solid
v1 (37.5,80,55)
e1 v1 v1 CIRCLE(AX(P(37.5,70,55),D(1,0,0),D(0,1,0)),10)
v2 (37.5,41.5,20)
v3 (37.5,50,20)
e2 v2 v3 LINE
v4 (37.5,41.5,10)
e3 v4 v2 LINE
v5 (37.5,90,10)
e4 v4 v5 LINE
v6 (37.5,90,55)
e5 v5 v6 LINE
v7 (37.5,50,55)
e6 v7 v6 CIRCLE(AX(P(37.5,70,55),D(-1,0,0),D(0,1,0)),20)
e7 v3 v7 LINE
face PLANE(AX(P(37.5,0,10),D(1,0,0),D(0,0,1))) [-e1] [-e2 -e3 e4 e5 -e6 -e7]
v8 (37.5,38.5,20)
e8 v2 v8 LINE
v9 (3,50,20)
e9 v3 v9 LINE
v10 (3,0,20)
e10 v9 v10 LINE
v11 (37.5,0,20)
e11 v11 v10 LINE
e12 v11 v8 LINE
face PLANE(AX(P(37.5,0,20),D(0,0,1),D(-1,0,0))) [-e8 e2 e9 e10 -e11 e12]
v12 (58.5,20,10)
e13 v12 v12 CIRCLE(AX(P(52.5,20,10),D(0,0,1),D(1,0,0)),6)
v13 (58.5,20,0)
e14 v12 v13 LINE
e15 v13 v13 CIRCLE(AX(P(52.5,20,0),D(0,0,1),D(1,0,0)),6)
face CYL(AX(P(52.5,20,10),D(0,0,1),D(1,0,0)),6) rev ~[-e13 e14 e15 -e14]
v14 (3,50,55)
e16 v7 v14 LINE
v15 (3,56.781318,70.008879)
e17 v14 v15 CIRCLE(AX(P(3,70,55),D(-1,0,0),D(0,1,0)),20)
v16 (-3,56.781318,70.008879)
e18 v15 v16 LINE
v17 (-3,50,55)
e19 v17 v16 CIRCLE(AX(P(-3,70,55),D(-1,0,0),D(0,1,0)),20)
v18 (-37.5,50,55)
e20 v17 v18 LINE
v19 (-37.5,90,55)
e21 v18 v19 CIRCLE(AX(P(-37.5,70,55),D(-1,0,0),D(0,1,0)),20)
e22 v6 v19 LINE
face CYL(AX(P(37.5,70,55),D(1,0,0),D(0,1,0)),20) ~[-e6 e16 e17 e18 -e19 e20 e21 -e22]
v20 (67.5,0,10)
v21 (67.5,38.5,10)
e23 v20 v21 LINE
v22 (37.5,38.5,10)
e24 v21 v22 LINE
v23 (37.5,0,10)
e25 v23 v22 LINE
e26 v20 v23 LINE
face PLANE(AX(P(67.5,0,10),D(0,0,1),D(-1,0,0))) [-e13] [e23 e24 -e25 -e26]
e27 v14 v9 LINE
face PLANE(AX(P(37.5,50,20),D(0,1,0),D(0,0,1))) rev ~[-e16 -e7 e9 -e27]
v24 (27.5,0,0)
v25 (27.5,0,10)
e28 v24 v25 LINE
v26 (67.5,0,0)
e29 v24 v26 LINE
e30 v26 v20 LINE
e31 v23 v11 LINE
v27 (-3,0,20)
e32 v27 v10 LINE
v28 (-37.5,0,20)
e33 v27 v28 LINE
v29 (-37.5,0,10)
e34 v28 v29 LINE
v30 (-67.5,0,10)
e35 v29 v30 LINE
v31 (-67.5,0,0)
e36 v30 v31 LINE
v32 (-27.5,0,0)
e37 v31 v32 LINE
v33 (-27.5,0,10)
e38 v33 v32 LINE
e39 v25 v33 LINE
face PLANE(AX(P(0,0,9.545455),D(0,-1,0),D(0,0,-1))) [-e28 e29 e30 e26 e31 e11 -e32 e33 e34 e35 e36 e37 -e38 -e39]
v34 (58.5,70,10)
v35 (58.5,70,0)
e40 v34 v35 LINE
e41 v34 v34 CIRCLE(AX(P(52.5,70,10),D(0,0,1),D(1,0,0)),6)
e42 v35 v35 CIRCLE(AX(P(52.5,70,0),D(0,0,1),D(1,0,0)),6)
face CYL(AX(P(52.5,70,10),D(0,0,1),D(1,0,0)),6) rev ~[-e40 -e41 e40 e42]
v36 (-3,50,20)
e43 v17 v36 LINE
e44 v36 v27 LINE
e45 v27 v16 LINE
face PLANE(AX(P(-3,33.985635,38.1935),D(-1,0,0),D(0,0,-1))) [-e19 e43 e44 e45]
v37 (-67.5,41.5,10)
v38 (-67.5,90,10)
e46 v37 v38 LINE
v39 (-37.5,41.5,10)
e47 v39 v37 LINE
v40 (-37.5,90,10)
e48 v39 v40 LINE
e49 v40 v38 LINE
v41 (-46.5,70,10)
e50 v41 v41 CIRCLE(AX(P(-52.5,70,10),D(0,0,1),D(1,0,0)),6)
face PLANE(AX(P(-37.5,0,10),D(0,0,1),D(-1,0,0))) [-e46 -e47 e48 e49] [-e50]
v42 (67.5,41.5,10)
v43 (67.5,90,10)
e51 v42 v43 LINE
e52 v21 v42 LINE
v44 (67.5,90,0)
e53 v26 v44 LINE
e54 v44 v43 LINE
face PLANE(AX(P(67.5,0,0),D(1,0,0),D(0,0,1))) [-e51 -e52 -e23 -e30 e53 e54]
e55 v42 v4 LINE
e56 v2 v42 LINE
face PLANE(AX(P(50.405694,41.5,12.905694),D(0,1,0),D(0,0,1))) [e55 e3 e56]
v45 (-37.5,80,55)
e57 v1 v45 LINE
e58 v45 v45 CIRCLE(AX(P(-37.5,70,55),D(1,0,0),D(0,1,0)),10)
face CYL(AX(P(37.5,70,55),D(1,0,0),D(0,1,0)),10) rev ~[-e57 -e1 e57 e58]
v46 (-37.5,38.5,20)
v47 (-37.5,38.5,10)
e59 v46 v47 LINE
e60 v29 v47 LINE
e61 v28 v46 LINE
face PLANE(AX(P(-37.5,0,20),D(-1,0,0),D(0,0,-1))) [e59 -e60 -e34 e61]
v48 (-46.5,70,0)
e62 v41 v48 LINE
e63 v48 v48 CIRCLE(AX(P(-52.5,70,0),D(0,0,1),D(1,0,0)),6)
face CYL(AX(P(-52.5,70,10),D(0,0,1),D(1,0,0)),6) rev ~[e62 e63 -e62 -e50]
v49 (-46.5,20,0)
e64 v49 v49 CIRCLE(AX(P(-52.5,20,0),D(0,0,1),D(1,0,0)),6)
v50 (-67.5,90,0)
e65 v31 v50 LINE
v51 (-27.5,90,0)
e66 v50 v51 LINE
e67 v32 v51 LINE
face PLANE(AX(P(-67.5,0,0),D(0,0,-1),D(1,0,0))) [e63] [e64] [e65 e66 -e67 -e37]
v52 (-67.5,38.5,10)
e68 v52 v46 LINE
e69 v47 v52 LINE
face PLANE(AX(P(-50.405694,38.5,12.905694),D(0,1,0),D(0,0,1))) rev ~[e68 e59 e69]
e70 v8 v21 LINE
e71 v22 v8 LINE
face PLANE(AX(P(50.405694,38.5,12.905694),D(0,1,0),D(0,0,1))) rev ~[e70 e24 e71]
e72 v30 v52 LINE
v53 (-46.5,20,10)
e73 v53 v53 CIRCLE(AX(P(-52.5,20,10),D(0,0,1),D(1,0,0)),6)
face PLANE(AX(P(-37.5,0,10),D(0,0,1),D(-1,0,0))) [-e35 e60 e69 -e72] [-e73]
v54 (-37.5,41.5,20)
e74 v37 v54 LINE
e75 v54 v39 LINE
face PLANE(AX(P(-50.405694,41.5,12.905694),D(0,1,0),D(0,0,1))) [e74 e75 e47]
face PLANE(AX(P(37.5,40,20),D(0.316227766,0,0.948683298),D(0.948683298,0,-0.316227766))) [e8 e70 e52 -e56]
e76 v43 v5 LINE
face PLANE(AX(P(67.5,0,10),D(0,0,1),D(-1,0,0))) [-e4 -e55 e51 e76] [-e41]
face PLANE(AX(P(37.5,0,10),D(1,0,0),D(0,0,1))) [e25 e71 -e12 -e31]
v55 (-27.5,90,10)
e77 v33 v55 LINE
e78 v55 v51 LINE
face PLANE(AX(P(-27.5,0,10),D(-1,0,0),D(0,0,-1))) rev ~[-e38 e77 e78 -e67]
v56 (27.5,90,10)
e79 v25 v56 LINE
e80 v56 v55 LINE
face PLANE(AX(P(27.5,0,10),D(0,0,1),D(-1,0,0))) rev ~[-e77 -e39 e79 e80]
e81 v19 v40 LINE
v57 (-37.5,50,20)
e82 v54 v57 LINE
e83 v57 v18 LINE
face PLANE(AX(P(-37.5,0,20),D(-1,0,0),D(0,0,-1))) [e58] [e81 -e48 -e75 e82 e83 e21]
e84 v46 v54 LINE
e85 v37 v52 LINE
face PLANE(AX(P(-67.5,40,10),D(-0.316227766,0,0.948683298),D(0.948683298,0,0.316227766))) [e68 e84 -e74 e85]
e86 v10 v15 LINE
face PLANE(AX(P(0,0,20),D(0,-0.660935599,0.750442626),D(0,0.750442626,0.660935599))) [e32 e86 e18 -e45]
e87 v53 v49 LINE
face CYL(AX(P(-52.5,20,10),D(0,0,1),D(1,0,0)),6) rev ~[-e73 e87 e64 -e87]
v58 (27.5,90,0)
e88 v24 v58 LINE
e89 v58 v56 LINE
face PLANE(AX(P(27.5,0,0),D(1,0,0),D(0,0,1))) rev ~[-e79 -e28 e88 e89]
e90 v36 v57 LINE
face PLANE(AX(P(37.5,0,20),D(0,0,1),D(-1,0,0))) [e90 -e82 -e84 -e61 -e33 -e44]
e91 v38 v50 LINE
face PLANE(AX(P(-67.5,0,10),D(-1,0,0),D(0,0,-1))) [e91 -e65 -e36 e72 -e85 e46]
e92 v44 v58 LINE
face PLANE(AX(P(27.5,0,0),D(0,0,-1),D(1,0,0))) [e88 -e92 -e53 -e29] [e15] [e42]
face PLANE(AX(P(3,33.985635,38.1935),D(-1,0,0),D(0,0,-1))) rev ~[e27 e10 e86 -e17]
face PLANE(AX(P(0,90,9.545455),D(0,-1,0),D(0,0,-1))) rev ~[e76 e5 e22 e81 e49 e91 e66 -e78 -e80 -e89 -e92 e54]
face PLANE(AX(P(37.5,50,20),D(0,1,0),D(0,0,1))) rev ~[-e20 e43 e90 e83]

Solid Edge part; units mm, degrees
sketch "Sketch1" plane through (0, 0, 0) normal (0, -1, 0) x (1, 0, 0)
  line L0 (37.5, 20) -> (-37.5, 20)
  line L1 (-37.5, 20) -> (-37.5, 10)
  line L2 (-37.5, 10) -> (-67.5, 10)
  line L3 (-67.5, 10) -> (-67.5, 0)
  line L4 (-67.5, 0) -> (-27.5, 0)
  line L5 (-27.5, 10) -> (-27.5, 0)
  line L6 (27.5, 10) -> (-27.5, 10)
  line L7 (27.5, 0) -> (27.5, 10)
  line L8 (27.5, 0) -> (37.5, 0)
  line L9 (37.5, 0) -> (67.5, 0)
  line L10 (67.5, 0) -> (67.5, 10)
  line L11 (67.5, 10) -> (37.5, 10)
  line L12 (37.5, 10) -> (37.5, 20)
extrude "Protrusion1" add sketch "Sketch1" against normal blind 90
sketch "Sketch2" plane through (-52.5, 45, 10) normal (0, 0, 1) x (1, 0, 0)
  circle A0 centre (0, 25) radius 6
  circle A1 centre (0, -25) radius 6
  circle A2 centre (105, -25) radius 6
  circle A3 centre (105, 25) radius 6
extrude "ExtrudedCutout_1" cut sketch "Sketch2" against normal blind 48.8931
sketch "Sketch3" plane through (0, 40, 10) normal (0, -1, 0) x (1, 0, 0)
  line L0 (-67.5, 0) -> (-37.5, 10)
  line L1 (-37.5, 10) -> (-37.5, 0)
  line L2 (-37.5, 0) -> (-67.5, 0)
  line L3 (37.5, 10) -> (67.5, 0)
  line L4 (67.5, 0) -> (37.5, 0)
  line L5 (37.5, 0) -> (37.5, 10)
extrude "ExtrudedProtrusion_2" add sketch "Sketch3" along normal mid plane 3
sketch "Sketch4" plane through (37.5, 65.75, 15) normal (1, 0, 0) x (0, 1, 0)
  line L0 (-15.75, 5) -> (-15.75, 40)
  line L1 (24.25, 40) -> (24.25, 5)
  line L2 (24.25, 5) -> (-15.75, 5)
  arc A0 (-15.75, 40) -> (24.25, 40) centre (4.25, 40) cw
  circle A1 centre (4.25, 40) radius 10
extrude "ExtrudedProtrusion_3" add sketch "Sketch4" against normal blind 75
sketch "Sketch5" plane through (0, 0, 0) normal (1, 0, 0) x (0, 1, 0)
  line L0 (0, 20) -> (56.7813, 70.0089)
  line L1 (50, 55) -> (50, 20)
  line L2 (50, 20) -> (0, 20)
  arc A0 (50, 55) -> (56.7813, 70.0089) centre (70, 55) cw
extrude "ExtrudedProtrusion_4" add sketch "Sketch5" along normal mid plane 6
